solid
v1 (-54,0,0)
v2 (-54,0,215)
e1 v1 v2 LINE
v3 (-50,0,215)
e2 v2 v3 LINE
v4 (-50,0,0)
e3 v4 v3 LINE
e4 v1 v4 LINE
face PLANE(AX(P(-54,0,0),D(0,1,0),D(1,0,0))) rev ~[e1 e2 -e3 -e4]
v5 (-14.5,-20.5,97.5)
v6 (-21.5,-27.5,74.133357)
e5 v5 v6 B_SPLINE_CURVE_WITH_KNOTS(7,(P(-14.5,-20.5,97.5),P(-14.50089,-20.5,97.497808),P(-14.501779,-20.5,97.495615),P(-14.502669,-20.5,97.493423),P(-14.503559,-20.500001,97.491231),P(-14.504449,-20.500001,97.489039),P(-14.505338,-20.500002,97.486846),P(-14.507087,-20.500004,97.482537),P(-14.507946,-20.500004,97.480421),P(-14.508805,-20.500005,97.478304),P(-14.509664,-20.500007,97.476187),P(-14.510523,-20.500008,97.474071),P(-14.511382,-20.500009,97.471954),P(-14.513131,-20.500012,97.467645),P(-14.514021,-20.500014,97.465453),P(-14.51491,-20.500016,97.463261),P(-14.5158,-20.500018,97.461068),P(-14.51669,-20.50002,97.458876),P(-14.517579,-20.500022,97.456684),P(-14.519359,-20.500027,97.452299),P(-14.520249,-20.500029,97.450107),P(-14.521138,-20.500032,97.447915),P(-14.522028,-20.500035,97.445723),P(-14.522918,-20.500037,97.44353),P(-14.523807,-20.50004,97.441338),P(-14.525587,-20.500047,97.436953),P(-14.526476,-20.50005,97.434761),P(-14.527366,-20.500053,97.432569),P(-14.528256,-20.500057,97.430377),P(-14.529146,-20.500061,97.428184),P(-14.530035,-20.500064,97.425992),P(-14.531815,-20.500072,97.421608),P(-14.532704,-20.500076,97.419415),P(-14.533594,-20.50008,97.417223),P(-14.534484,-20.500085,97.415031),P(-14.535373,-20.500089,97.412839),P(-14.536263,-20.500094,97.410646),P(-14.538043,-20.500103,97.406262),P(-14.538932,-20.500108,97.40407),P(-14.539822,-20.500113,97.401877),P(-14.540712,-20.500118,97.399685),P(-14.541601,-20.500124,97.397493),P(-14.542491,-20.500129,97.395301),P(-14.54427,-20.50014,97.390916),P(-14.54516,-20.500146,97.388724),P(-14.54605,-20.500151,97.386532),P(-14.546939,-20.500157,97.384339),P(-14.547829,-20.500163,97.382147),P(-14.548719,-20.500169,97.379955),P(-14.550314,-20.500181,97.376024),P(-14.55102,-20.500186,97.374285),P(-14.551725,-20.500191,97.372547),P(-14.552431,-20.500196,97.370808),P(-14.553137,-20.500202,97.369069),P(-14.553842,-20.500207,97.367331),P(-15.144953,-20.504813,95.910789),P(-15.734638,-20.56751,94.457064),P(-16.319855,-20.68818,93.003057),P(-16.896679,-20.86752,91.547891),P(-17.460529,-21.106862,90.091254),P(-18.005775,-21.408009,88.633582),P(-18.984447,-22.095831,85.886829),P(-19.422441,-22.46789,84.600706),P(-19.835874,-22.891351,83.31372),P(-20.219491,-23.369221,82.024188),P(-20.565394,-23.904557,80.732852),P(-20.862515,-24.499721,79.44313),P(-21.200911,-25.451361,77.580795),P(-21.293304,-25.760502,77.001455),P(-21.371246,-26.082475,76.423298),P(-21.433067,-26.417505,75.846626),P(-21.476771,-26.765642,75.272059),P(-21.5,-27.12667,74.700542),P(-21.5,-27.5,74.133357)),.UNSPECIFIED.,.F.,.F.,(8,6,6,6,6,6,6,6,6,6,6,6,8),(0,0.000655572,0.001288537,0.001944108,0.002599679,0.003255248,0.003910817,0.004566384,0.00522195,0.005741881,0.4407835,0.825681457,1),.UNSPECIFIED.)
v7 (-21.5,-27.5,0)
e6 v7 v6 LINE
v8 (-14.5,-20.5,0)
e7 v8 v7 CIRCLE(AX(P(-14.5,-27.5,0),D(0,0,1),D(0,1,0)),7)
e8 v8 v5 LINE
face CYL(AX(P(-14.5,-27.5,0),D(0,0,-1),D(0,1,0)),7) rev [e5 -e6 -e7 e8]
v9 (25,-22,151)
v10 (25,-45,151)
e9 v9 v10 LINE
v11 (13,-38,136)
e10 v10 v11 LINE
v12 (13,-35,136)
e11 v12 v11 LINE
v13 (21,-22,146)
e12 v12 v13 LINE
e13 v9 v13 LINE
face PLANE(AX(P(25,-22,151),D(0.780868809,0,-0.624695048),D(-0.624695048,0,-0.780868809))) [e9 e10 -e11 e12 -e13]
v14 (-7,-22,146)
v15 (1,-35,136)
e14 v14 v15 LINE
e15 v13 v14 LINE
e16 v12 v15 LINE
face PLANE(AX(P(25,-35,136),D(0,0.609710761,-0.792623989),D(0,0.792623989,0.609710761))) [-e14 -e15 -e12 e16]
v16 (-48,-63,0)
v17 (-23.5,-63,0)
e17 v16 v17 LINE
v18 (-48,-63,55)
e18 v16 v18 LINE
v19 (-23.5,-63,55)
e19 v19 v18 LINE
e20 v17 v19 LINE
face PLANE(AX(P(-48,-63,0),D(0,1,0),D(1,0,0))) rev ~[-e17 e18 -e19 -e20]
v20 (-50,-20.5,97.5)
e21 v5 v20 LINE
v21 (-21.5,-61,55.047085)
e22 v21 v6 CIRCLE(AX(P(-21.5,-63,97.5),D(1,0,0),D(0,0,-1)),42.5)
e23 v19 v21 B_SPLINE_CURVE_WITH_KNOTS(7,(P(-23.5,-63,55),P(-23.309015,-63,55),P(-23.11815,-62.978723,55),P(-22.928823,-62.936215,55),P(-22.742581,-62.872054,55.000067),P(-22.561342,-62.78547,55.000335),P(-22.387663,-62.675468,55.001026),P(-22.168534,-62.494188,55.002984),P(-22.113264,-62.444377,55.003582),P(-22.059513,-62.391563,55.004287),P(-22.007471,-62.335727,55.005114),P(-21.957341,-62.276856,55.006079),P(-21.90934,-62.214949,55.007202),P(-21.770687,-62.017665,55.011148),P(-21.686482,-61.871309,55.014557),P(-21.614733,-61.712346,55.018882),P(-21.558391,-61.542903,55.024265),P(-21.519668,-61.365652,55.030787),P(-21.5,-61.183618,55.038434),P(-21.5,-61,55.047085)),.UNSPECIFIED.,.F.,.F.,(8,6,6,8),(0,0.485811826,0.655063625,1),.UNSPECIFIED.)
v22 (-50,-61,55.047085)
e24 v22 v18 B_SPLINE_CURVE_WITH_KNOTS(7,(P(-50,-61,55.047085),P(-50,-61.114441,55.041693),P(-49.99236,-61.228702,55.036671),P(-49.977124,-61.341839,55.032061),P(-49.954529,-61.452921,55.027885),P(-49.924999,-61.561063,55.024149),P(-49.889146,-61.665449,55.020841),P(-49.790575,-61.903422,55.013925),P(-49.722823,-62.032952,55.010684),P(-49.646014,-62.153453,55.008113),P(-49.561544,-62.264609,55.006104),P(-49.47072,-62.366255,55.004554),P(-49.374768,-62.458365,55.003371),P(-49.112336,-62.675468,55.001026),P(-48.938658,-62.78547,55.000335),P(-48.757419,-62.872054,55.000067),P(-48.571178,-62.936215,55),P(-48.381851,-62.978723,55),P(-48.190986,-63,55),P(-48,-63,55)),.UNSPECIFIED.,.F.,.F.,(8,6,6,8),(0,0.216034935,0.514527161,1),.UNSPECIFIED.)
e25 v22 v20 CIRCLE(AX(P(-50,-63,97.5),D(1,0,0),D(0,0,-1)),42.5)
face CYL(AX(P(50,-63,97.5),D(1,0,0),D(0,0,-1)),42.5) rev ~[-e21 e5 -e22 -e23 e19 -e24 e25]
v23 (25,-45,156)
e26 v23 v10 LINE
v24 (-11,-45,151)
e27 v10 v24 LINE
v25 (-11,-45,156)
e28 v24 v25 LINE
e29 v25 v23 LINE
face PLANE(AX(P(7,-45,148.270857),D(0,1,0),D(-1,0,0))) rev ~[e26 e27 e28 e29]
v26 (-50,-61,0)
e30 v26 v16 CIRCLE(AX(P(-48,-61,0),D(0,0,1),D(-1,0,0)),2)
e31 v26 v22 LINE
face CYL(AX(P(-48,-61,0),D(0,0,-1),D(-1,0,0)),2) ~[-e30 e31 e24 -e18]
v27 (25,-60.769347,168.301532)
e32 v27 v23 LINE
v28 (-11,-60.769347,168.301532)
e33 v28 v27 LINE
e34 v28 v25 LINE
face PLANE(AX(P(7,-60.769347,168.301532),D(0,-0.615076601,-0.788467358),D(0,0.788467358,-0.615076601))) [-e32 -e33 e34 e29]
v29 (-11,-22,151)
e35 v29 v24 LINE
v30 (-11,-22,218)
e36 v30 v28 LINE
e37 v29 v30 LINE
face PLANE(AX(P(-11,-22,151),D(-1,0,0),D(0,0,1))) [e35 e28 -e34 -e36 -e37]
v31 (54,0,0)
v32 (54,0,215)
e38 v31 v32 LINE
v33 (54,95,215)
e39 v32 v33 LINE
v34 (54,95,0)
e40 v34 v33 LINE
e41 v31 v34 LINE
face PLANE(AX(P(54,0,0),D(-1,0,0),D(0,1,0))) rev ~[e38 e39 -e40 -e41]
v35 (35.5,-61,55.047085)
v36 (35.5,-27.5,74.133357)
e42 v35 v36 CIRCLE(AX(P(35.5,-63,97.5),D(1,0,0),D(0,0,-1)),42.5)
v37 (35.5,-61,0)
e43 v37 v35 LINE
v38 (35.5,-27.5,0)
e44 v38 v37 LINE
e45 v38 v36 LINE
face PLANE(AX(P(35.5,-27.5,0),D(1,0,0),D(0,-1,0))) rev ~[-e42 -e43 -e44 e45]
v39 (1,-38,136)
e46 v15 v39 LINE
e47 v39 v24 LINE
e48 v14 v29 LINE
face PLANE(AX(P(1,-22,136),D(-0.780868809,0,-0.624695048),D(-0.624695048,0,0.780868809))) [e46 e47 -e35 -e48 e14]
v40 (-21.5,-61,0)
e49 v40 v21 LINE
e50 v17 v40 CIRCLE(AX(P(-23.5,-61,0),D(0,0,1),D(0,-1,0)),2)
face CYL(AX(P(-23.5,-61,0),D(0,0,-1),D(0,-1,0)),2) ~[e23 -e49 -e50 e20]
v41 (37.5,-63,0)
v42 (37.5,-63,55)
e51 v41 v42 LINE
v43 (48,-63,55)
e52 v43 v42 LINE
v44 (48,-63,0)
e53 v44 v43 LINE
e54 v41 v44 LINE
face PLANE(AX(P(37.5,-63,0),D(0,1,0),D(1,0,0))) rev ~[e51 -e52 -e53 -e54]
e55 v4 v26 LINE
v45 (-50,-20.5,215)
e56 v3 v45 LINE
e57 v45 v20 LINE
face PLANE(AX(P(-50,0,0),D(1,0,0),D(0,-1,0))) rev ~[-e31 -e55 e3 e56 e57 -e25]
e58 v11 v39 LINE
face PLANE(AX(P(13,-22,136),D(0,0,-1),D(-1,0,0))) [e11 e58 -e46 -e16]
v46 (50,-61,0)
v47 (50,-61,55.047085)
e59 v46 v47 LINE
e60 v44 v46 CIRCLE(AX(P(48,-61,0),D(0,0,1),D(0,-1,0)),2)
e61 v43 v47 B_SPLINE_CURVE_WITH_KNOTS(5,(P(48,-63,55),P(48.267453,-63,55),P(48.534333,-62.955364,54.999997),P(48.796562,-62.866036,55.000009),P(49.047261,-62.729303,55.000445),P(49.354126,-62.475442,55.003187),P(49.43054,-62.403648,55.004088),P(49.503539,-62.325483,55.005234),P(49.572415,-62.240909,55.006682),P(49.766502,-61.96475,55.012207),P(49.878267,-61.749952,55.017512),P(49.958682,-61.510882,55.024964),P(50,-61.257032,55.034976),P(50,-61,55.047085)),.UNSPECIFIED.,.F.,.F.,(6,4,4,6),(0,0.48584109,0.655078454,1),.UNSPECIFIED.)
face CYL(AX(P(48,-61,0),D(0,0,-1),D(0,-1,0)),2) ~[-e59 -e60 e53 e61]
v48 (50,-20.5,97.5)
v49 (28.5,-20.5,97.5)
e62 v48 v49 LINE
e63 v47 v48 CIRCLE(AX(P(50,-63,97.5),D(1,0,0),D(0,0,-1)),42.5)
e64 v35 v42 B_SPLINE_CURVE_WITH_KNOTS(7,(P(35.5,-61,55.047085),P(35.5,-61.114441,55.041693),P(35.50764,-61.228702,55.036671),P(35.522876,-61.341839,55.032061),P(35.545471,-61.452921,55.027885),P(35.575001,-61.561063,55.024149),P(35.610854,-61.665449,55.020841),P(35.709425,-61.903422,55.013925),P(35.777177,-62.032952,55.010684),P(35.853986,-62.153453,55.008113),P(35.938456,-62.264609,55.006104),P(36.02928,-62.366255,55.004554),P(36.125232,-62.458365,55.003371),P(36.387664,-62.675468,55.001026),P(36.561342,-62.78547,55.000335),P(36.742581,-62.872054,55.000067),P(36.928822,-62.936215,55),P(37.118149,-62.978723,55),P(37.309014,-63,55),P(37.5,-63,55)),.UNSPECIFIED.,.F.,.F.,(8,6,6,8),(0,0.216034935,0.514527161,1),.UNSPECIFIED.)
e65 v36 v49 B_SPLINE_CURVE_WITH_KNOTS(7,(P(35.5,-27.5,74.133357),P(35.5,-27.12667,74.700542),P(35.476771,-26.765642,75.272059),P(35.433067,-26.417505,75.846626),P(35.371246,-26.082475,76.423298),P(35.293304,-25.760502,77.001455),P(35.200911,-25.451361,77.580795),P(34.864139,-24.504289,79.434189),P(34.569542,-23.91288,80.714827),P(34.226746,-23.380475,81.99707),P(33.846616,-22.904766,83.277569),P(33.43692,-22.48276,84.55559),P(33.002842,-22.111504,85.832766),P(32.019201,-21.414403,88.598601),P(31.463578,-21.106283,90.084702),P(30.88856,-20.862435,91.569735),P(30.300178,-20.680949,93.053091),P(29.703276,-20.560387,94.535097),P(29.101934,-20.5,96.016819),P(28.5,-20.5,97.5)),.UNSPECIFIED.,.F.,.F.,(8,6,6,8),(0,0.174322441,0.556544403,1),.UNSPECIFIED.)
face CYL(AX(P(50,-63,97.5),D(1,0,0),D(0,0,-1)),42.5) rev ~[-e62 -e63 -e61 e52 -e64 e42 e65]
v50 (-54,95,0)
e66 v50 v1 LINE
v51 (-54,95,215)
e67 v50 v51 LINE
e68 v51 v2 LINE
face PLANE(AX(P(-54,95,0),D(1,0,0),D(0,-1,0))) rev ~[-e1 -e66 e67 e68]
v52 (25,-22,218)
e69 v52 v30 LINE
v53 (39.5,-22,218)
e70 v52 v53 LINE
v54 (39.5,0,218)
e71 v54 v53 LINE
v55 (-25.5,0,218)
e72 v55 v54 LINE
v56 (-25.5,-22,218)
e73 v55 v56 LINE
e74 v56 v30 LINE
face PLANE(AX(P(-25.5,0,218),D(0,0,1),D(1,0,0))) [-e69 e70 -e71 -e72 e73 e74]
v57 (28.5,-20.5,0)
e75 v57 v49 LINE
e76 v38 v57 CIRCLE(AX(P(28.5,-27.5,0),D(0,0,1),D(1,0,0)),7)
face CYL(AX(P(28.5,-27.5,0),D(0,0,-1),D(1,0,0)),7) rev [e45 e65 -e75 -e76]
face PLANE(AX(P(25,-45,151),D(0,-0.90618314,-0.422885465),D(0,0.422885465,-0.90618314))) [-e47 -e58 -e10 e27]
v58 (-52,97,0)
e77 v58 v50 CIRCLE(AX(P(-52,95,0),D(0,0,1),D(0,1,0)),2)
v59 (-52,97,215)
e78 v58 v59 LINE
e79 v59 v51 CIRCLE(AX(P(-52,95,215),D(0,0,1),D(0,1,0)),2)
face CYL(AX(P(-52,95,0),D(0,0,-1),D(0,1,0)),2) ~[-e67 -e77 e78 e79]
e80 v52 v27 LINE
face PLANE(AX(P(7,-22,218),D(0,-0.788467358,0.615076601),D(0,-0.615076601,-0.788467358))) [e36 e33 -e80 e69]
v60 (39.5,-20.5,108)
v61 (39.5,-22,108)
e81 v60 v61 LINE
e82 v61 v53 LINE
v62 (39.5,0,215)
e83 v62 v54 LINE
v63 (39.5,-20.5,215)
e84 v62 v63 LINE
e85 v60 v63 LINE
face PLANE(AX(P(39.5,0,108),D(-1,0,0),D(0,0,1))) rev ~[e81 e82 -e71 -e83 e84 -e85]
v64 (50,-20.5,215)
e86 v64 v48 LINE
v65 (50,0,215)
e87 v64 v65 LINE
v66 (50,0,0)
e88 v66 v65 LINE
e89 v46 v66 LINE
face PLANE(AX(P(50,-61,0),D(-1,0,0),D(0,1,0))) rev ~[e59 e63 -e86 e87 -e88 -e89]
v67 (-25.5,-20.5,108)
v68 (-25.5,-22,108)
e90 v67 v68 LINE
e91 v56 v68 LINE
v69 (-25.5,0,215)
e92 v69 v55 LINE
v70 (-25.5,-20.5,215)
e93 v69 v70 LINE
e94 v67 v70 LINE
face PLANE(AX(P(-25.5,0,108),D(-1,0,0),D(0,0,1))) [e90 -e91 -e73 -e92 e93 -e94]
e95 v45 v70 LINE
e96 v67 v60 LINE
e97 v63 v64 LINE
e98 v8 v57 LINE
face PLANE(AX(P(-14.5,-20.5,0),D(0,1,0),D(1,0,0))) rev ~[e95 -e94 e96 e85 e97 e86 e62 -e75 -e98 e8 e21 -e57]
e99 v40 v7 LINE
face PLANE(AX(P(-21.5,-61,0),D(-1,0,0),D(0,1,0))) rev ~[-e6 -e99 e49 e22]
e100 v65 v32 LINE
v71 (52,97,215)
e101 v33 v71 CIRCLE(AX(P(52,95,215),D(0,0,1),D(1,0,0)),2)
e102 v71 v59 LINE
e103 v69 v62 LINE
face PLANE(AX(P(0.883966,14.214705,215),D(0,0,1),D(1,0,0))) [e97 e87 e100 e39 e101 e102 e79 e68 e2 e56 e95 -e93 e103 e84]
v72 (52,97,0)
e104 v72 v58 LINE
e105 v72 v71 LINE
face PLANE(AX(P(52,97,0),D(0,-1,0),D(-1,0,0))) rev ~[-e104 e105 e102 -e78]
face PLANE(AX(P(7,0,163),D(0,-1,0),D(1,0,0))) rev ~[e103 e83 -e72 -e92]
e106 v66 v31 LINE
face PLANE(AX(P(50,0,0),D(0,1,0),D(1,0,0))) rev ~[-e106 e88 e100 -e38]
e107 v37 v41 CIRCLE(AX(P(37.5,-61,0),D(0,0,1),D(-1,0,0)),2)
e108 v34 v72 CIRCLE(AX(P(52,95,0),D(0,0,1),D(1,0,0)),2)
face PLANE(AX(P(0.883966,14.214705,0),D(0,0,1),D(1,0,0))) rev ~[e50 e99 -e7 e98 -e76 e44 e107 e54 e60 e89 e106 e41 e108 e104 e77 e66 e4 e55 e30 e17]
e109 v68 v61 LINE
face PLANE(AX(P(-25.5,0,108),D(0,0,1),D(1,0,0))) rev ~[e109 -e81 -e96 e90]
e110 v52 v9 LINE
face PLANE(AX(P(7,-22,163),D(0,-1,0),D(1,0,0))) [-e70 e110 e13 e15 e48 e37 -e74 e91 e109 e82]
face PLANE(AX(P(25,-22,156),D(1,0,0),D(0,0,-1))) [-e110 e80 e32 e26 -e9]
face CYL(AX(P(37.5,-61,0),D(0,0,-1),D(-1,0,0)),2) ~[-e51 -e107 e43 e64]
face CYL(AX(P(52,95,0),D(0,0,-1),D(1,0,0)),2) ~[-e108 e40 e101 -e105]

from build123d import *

# Parameters (mm, degrees)
PAD_DEPTH       = 215
POCKET_DEPTH    = 104.001
SKETCH003_W     = 65
SKETCH003_H     = 110
PAD002_DEPTH    = 22
PAD003_DEPTH    = 18
PAD004_DEPTH    = 23
POCKET001_DEPTH = 79.001


with BuildPart() as part:
    # Sketch → Pad (new body)
    with BuildSketch(Plane.XY):
        with BuildLine():
            Line((-54, 95), (-54, 0))
            Line((-54, 0), (-50, 0))
            Line((-50, 0), (-50, -61))
            ThreePointArc((-50, -61), (-49.4142135624, -62.4142135624), (-48, -63))
            Line((-48, -63), (-23.5, -63))
            ThreePointArc((-23.5, -63), (-22.0857864376, -62.4142135624), (-21.5, -61))
            Line((-21.5, -61), (-21.5, -27.5))
            ThreePointArc((-14.5, -20.5), (-19.4497474683, -22.5502525317), (-21.5, -27.5))
            Line((-14.5, -20.5), (28.5, -20.5))
            ThreePointArc((35.5, -27.5), (33.4497474683, -22.5502525317), (28.5, -20.5))
            Line((35.5, -27.5), (35.5, -61))
            ThreePointArc((35.5, -61), (36.0857864376, -62.4142135624), (37.5, -63))
            Line((37.5, -63), (48, -63))
            ThreePointArc((48, -63), (49.4142135624, -62.4142135624), (50, -61))
            Line((50, -61), (50, 0))
            Line((50, 0), (54, 0))
            Line((54, 0), (54, 95))
            ThreePointArc((54, 95), (53.4142135624, 96.4142135624), (52, 97))
            Line((52, 97), (-52, 97))
            ThreePointArc((-52, 97), (-53.4142135624, 96.4142135624), (-54, 95))
        make_face()
    extrude(amount=PAD_DEPTH)

    # Sketch001 (on DatumPlane) → Pocket (cut, through all)
    with BuildSketch(Plane.YZ.offset(50)):
        with BuildLine():
            Line((-20.5, 220), (-20.5, 97.5))
            ThreePointArc((-63, 55), (-32.9479617996, 67.4479617996), (-20.5, 97.5))
            Line((-63, 55), (-68, 55))
            Line((-68, 55), (-68, 220))
            Line((-68, 220), (-20.5, 220))
        make_face()
    extrude(amount=-POCKET_DEPTH, mode=Mode.SUBTRACT)

    # Sketch003 (on DatumPlane) → Pad002 (join)
    with BuildSketch(Plane.XZ):
        with Locations((7, 163)):
            Rectangle(SKETCH003_W, SKETCH003_H)
    extrude(amount=PAD002_DEPTH)

    # Sketch004 (on DatumPlane) → Pad003 (join, symmetric)
    with BuildSketch(Plane.YZ.offset(7)):
        Polygon((-22, 218), (-60.7693471681, 168.301532014), (-45, 156), (-22, 156), align=None)
    extrude(amount=PAD003_DEPTH, both=True)

    # Sketch005 (on DatumPlane) → Pad004 (join)
    with BuildSketch(Plane.XZ.offset(22)):
        Polygon((13, 136), (1, 136), (-11, 151), (-11, 156), (25, 156), (25, 151), align=None)
    extrude(amount=PAD004_DEPTH)

    # Sketch007 (on DatumPlane) → Pocket001 (cut, through all)
    with BuildSketch(Plane.YZ.offset(25)):
        Polygon((-45, 151), (-38, 136), (-35, 136), (-22, 146), (-22, 135), (-46, 135), (-46, 151), align=None)
    extrude(amount=-POCKET001_DEPTH, mode=Mode.SUBTRACT)


solid = part.part
